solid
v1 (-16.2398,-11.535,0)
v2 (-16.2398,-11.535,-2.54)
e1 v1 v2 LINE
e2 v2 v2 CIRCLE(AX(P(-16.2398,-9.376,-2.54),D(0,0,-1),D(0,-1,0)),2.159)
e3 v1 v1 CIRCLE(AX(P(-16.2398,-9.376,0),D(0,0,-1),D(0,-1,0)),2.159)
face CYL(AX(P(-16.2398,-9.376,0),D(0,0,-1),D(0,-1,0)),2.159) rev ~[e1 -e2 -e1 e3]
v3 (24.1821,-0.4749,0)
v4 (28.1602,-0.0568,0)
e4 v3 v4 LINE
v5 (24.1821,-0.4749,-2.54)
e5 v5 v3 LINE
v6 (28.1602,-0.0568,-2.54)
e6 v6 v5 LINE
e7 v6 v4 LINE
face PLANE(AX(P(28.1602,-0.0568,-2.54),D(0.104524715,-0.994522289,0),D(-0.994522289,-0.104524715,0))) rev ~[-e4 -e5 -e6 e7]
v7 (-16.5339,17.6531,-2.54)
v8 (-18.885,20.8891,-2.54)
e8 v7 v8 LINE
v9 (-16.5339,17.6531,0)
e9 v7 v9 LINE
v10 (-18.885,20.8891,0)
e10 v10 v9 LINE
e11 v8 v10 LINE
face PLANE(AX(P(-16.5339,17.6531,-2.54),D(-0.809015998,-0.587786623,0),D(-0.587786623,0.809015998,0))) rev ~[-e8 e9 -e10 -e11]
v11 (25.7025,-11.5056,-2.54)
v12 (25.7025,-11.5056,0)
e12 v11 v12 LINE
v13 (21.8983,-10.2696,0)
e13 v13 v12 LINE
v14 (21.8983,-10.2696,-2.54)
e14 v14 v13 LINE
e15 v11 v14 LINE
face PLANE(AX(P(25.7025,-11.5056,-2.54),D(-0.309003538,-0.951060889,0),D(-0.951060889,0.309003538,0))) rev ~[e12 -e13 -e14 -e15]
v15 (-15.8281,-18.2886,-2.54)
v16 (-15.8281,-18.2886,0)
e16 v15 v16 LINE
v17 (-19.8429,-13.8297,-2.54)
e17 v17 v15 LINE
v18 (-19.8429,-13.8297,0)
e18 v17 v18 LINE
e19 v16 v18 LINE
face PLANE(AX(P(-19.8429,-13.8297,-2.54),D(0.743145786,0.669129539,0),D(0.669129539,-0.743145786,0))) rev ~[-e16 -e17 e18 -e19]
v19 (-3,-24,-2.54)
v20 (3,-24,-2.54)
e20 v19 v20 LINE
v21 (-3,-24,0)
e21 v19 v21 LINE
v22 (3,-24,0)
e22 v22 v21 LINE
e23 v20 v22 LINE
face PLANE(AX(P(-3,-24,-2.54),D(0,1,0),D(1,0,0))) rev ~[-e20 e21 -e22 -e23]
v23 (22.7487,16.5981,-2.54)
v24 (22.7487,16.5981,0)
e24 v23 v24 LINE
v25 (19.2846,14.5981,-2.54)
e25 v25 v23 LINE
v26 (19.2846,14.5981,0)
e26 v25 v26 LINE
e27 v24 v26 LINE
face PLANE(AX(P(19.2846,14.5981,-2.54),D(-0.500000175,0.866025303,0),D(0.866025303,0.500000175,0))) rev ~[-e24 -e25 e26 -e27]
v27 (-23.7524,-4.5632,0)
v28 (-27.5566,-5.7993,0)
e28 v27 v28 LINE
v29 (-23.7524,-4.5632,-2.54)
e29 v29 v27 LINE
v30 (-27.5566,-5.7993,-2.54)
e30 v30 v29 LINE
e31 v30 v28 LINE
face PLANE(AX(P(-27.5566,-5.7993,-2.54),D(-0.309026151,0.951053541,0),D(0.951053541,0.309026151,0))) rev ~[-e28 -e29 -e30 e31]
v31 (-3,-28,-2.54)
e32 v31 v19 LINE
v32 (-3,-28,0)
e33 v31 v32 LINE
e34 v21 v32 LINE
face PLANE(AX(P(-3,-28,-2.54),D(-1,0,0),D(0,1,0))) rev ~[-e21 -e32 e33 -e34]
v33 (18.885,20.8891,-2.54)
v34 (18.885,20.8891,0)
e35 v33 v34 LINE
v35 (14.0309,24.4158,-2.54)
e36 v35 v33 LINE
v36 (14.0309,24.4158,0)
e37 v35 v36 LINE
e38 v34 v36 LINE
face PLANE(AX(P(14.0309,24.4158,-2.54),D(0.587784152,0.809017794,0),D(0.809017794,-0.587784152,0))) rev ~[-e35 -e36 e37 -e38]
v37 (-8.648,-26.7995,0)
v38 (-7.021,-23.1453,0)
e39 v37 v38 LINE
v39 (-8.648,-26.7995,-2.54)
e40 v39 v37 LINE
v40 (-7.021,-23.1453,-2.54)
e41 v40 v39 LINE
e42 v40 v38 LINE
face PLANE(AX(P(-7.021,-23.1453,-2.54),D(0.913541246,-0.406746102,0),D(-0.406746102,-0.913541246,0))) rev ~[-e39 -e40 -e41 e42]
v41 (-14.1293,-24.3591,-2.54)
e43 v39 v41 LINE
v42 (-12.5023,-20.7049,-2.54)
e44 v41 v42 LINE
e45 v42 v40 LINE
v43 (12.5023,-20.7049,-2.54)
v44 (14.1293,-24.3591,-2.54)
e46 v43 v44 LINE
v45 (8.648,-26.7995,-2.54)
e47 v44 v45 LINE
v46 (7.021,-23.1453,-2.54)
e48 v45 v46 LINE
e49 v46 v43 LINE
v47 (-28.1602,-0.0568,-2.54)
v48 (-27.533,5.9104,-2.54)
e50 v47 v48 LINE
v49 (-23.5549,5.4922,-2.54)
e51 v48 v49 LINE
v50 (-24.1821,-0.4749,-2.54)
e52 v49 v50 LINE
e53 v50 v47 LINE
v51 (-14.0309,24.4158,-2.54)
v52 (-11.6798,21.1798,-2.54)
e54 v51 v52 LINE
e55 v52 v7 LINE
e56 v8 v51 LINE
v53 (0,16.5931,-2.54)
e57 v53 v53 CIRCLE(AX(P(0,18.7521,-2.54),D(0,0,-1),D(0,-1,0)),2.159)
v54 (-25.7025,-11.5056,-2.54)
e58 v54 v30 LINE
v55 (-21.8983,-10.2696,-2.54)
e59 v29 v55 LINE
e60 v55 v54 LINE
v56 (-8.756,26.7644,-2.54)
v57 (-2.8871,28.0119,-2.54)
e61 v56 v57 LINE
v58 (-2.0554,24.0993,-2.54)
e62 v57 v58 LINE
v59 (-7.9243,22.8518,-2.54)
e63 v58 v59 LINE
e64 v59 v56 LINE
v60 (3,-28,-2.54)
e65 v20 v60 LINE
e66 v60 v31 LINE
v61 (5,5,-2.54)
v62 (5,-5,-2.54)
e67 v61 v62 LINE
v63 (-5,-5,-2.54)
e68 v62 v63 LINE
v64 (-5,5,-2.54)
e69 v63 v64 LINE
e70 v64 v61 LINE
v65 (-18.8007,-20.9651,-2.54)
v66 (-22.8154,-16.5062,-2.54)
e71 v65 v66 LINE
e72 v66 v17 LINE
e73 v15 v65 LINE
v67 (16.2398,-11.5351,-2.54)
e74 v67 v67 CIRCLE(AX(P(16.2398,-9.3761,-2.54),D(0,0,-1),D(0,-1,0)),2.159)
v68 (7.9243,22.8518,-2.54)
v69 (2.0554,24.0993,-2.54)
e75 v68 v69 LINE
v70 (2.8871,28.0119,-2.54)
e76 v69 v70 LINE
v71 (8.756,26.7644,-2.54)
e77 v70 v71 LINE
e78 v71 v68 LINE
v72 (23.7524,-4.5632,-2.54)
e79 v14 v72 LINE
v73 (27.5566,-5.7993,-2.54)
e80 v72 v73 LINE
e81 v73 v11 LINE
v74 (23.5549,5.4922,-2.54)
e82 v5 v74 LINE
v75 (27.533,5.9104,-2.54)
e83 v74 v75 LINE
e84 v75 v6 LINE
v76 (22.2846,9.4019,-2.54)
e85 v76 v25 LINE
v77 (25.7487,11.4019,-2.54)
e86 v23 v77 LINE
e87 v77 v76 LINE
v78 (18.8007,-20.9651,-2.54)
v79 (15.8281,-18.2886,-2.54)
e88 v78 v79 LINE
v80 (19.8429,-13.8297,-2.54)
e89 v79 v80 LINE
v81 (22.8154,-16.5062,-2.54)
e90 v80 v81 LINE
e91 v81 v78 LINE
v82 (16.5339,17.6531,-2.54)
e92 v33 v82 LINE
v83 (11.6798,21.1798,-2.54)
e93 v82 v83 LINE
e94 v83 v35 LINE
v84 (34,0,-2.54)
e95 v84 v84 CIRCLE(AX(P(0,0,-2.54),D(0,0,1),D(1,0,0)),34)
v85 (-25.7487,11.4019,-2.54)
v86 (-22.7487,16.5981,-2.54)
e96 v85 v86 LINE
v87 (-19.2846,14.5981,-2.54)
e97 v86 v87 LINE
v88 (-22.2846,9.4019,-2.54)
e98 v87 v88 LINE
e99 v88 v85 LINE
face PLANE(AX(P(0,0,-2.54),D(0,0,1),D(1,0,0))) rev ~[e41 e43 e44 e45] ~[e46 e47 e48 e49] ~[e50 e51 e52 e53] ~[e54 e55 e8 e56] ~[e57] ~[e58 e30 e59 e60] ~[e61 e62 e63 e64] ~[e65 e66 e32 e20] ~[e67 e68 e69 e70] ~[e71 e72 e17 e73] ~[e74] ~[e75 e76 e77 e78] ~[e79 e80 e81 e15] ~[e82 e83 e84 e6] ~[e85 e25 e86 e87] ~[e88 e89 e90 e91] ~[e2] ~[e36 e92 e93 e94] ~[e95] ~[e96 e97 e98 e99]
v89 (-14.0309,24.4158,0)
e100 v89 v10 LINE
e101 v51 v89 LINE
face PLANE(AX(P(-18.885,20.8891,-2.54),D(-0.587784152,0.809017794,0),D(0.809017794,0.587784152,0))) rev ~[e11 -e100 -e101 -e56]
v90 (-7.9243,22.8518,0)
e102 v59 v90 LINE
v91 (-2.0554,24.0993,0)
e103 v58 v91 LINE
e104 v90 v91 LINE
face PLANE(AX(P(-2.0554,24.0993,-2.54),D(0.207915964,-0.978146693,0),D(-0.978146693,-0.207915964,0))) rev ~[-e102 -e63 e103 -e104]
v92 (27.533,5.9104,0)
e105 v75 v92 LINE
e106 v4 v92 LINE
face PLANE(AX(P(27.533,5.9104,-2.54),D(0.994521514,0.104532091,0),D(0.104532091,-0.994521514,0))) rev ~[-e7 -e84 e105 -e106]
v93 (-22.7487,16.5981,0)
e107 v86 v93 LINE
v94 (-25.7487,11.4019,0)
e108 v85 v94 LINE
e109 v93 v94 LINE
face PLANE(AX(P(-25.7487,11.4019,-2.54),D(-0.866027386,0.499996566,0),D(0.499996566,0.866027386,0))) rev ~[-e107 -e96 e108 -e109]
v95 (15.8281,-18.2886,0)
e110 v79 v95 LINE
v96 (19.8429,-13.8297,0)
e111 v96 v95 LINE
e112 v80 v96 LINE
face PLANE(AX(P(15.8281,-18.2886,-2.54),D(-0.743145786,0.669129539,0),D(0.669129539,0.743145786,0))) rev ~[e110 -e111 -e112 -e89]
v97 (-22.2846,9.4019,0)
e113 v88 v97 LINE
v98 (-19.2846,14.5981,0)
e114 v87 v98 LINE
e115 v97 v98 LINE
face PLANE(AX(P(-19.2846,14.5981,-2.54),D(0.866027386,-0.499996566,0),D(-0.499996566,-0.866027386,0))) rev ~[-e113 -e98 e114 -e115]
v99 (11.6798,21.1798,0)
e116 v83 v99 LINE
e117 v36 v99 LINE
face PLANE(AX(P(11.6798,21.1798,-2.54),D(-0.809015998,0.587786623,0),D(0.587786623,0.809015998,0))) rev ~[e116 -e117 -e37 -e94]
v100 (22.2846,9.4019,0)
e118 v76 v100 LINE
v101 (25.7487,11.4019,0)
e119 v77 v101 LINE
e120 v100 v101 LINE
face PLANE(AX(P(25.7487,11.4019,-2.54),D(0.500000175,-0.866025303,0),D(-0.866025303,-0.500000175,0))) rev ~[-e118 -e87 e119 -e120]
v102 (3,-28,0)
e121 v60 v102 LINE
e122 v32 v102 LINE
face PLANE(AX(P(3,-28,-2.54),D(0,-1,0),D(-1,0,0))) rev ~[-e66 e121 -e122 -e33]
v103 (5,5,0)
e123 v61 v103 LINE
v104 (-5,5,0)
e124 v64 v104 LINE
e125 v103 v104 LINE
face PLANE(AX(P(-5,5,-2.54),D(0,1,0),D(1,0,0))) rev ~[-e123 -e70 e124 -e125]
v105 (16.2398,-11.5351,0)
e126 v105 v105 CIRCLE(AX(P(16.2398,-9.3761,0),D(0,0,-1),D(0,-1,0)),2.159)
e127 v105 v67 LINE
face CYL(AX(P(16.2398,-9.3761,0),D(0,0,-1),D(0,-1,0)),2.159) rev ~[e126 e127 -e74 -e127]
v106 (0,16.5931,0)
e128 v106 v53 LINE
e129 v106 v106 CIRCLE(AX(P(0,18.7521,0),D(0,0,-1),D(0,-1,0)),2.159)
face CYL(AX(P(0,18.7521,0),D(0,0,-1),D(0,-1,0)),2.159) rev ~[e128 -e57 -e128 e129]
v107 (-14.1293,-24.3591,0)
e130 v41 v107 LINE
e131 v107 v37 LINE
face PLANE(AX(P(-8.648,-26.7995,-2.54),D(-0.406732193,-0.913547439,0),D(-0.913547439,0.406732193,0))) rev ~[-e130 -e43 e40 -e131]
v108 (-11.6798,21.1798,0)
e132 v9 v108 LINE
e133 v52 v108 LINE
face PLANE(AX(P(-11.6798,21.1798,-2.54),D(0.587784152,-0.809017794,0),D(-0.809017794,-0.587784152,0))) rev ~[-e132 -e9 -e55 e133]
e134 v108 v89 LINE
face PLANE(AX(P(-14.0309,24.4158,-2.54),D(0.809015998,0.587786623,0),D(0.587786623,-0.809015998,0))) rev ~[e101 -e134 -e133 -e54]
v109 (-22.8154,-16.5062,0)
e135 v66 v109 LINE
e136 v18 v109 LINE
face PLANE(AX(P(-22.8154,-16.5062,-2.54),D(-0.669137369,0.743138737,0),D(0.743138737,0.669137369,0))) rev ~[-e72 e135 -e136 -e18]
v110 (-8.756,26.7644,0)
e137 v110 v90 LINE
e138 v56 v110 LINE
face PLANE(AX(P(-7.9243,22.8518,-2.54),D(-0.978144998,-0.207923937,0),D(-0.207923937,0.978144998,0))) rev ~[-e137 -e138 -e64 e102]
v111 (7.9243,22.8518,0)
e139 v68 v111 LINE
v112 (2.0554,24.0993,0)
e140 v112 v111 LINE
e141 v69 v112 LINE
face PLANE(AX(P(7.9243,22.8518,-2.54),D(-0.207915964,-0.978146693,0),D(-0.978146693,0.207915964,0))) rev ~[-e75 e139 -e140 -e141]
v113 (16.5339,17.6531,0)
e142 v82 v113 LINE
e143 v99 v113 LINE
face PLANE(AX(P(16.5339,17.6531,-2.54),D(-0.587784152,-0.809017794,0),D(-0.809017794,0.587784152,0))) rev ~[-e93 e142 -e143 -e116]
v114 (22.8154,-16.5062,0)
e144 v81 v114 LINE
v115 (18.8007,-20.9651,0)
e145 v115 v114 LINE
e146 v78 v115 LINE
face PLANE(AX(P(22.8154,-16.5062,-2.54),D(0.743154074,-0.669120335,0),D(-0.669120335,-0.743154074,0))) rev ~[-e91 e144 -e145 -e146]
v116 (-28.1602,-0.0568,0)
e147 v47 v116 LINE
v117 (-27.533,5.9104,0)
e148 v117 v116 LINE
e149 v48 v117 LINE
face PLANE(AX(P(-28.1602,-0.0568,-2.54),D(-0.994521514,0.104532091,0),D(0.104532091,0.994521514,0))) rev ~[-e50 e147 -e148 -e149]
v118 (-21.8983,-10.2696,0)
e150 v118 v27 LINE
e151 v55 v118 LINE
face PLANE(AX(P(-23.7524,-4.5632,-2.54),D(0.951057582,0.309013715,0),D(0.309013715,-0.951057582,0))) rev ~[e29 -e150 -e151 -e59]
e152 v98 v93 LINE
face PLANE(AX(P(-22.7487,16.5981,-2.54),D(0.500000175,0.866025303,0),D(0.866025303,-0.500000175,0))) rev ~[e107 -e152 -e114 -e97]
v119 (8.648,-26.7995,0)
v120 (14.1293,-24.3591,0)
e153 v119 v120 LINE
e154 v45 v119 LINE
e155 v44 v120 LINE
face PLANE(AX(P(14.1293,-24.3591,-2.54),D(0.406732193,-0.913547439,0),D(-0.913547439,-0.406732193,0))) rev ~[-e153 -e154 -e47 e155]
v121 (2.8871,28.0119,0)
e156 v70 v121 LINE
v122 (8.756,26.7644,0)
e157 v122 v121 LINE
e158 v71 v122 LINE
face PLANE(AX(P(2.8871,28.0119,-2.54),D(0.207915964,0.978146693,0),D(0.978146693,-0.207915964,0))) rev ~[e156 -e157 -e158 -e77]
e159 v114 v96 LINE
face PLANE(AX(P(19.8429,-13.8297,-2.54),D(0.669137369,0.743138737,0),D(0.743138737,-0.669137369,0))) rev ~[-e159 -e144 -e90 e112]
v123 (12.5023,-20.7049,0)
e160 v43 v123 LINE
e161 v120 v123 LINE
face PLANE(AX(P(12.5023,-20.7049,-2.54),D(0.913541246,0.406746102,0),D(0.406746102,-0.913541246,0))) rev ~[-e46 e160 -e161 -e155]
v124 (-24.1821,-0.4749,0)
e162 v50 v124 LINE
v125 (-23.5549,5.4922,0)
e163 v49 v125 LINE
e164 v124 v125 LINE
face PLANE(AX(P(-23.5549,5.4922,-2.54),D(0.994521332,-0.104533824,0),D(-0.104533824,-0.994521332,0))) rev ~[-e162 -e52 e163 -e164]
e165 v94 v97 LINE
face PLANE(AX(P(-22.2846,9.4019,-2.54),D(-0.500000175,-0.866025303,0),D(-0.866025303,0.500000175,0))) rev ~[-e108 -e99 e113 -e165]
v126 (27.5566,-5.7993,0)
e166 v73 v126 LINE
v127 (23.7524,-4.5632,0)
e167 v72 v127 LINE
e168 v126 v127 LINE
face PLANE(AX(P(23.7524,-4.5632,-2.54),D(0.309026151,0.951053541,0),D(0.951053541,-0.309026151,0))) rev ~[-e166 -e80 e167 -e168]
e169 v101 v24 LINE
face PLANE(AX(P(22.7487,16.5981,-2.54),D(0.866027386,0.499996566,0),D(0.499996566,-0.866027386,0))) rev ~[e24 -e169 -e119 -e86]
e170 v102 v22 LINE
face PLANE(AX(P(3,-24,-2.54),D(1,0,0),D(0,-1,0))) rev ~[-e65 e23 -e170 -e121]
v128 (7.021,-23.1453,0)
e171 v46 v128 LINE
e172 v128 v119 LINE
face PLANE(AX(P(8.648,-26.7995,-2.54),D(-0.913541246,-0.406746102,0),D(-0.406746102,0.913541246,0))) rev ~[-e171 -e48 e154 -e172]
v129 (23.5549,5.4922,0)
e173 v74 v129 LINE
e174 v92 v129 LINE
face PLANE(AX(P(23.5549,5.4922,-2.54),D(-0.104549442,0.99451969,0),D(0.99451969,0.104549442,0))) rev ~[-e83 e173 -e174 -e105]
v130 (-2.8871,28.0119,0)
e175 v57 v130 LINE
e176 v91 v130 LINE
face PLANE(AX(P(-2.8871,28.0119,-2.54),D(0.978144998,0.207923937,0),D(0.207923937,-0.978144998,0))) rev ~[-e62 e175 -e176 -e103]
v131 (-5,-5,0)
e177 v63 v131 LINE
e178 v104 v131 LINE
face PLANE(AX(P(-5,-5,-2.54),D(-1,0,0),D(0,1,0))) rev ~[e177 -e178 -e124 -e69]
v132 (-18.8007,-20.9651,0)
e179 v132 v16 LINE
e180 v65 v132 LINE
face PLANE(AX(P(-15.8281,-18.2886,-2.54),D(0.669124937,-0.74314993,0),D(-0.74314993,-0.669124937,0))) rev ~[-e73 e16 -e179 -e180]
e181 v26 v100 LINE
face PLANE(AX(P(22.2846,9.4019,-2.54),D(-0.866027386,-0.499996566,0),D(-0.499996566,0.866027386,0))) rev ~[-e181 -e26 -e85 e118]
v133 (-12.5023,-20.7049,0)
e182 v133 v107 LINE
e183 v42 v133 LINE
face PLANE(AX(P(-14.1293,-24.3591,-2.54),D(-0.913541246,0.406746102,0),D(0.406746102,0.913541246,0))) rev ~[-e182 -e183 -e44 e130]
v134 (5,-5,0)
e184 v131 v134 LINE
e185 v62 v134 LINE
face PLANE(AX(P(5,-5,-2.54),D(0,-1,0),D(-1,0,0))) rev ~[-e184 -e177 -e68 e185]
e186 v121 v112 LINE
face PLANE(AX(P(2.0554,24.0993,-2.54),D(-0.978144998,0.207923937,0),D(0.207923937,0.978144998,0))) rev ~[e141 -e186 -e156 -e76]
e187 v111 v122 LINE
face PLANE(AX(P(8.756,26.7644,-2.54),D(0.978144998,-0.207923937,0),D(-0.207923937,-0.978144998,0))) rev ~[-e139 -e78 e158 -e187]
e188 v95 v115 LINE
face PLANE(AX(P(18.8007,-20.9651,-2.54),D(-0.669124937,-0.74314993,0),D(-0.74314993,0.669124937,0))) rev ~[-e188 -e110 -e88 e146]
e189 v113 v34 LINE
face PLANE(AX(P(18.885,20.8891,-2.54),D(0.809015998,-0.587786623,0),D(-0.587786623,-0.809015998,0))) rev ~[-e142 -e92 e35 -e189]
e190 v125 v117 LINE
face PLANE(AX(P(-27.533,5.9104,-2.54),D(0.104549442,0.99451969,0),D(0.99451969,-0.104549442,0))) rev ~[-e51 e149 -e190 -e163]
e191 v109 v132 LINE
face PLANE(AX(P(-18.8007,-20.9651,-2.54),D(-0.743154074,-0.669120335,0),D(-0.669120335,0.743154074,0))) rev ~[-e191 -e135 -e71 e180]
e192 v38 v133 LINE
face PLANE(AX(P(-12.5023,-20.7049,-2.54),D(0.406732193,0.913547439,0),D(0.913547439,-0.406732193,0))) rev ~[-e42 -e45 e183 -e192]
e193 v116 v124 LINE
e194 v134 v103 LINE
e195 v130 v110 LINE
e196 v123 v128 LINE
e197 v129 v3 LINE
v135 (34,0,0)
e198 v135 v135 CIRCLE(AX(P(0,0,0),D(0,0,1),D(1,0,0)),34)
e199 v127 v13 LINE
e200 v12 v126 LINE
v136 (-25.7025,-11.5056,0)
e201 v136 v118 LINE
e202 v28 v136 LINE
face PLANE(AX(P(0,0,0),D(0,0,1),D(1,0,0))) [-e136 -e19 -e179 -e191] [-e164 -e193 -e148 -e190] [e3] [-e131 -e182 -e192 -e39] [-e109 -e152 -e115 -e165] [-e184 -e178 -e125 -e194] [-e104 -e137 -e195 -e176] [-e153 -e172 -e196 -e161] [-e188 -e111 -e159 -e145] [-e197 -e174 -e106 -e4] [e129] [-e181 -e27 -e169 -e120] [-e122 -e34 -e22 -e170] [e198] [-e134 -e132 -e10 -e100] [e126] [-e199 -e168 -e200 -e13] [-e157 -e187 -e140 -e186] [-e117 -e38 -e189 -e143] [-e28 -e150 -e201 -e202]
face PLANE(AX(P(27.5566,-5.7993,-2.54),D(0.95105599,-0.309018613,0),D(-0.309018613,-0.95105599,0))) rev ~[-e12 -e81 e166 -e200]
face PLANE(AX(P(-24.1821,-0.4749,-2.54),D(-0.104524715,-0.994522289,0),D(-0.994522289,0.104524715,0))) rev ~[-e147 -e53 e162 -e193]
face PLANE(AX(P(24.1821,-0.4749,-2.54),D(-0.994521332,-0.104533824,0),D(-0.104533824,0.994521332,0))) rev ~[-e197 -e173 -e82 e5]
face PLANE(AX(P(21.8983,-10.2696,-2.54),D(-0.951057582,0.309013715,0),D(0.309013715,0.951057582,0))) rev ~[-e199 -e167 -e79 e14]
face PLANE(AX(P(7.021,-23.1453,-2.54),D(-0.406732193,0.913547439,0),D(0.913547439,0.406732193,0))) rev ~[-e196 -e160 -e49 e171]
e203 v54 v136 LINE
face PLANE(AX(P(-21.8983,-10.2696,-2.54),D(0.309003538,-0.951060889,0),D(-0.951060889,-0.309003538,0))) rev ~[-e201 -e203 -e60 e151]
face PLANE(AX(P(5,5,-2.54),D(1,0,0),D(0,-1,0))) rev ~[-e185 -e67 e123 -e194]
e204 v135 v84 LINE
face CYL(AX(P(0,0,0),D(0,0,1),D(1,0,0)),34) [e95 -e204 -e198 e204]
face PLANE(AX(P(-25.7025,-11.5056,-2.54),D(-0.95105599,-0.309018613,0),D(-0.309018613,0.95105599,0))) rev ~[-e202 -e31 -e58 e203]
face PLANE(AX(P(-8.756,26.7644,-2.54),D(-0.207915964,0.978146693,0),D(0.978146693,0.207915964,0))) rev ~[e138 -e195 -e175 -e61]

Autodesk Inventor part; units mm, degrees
ref_plane "YZ Plane" through (0, 0, 0) normal (1, 0, 0) x (0, 1, 0)
ref_plane "XZ Plane" through (0, 0, 0) normal (0, 1, 0) x (-1, 0, 0)
ref_plane "XY Plane" through (0, 0, 0) normal (0, 0, 1) x (1, 0, 0)
sketch "Sketch1" plane through (0, 0, 0) normal (0, 0, 1) x (1, 0, 0)
  circle A0 centre (0, 0) radius 34
  dimension "d0" = 68
extrude "Extrusion1" add sketch "Sketch1" against normal blind 2.54
sketch "Sketch2" plane through (0, 0, -2.54) normal (0, 0, -1) x (-1, 0, 0)
  line L0 (5, 5) -> (-5, 5)
  line L1 (-5, 5) -> (-5, -5)
  line L2 (-5, -5) -> (5, -5)
  line L3 (5, -5) -> (5, 5)
  line L4 (5, 5) -> (-5, -5) construction
  line L5 (-5, 5) -> (5, -5) construction
  point P0 (0, 0)
  dimension "d3" = 10
extrude "Extrusion2" cut sketch "Sketch2" against normal through all
sketch "Sketch3" plane through (0, 0, -2.54) normal (0, 0, -1) x (-1, 0, 0)
  circle A0 centre (0, 0) radius 26 construction
  line L0 (3, -24) -> (-3, -24)
  line L1 (-3, -24) -> (-3, -28)
  line L2 (-3, -28) -> (3, -28)
  line L3 (3, -28) -> (3, -24)
  line L4 (3, -24) -> (-3, -28) construction
  line L5 (-3, -24) -> (3, -28) construction
  line L6 (8.648, -26.7995) -> (14.1293, -24.3591)
  line L7 (14.1293, -24.3591) -> (12.5023, -20.7049)
  line L8 (7.021, -23.1453) -> (8.648, -26.7995)
  line L9 (12.5023, -20.7049) -> (7.021, -23.1453)
  line L10 (18.8007, -20.9651) -> (22.8154, -16.5062)
  line L11 (22.8154, -16.5062) -> (19.8429, -13.8297)
  line L12 (15.8281, -18.2886) -> (18.8007, -20.9651)
  line L13 (19.8429, -13.8297) -> (15.8281, -18.2886)
  line L14 (25.7025, -11.5056) -> (27.5566, -5.7993)
  line L15 (27.5566, -5.7993) -> (23.7524, -4.5632)
  line L16 (21.8983, -10.2696) -> (25.7025, -11.5056)
  line L17 (23.7524, -4.5632) -> (21.8983, -10.2696)
  line L18 (28.1602, -0.0568) -> (27.533, 5.9104)
  line L19 (27.533, 5.9104) -> (23.5549, 5.4922)
  line L20 (24.1821, -0.4749) -> (28.1602, -0.0568)
  line L21 (23.5549, 5.4922) -> (24.1821, -0.4749)
  line L22 (25.7487, 11.4019) -> (22.7487, 16.5981)
  line L23 (22.7487, 16.5981) -> (19.2846, 14.5981)
  line L24 (22.2846, 9.4019) -> (25.7487, 11.4019)
  line L25 (19.2846, 14.5981) -> (22.2846, 9.4019)
  line L26 (18.885, 20.8891) -> (14.0309, 24.4158)
  line L27 (14.0309, 24.4158) -> (11.6798, 21.1798)
  line L28 (16.5339, 17.6531) -> (18.885, 20.8891)
  line L29 (11.6798, 21.1798) -> (16.5339, 17.6531)
  line L30 (8.756, 26.7644) -> (2.8871, 28.0119)
  line L31 (2.8871, 28.0119) -> (2.0554, 24.0993)
  line L32 (7.9243, 22.8518) -> (8.756, 26.7644)
  line L33 (2.0554, 24.0993) -> (7.9243, 22.8518)
  line L34 (-2.8871, 28.0119) -> (-8.756, 26.7644)
  line L35 (-8.756, 26.7644) -> (-7.9243, 22.8518)
  line L36 (-2.0554, 24.0993) -> (-2.8871, 28.0119)
  line L37 (-7.9243, 22.8518) -> (-2.0554, 24.0993)
  line L38 (-14.0309, 24.4158) -> (-18.885, 20.8891)
  line L39 (-18.885, 20.8891) -> (-16.5339, 17.6531)
  line L40 (-11.6798, 21.1798) -> (-14.0309, 24.4158)
  line L41 (-16.5339, 17.6531) -> (-11.6798, 21.1798)
  line L42 (-22.7487, 16.5981) -> (-25.7487, 11.4019)
  line L43 (-25.7487, 11.4019) -> (-22.2846, 9.4019)
  line L44 (-19.2846, 14.5981) -> (-22.7487, 16.5981)
  line L45 (-22.2846, 9.4019) -> (-19.2846, 14.5981)
  line L46 (-27.533, 5.9104) -> (-28.1602, -0.0568)
  line L47 (-28.1602, -0.0568) -> (-24.1821, -0.4749)
  line L48 (-23.5549, 5.4922) -> (-27.533, 5.9104)
  line L49 (-24.1821, -0.4749) -> (-23.5549, 5.4922)
  line L50 (-27.5566, -5.7993) -> (-25.7025, -11.5056)
  line L51 (-25.7025, -11.5056) -> (-21.8983, -10.2696)
  line L52 (-23.7524, -4.5632) -> (-27.5566, -5.7993)
  line L53 (-21.8983, -10.2696) -> (-23.7524, -4.5632)
  line L54 (-22.8154, -16.5062) -> (-18.8007, -20.9651)
  line L55 (-18.8007, -20.9651) -> (-15.8281, -18.2886)
  line L56 (-19.8429, -13.8297) -> (-22.8154, -16.5062)
  line L57 (-15.8281, -18.2886) -> (-19.8429, -13.8297)
  line L58 (-14.1293, -24.3591) -> (-8.648, -26.7995)
  line L59 (-8.648, -26.7995) -> (-7.021, -23.1453)
  line L60 (-12.5023, -20.7049) -> (-14.1293, -24.3591)
  line L61 (-7.021, -23.1453) -> (-12.5023, -20.7049)
  point P0 (0, -26)
  dimension "d6" = 52
  dimension "d7" = 4
  dimension "d8" = 6
  dimension "d11" = 360
extrude "Extrusion3" cut sketch "Sketch3" against normal through all
sketch "Sketch4" plane through (0, 0, 0) normal (0, 0, 1) x (1, 0, 0)
  line L0 (-18.7521, 0) -> (0, 0) construction
  line L1 (0, 0) -> (0, 18.7521) construction
  circle A0 centre (0, 0) radius 18.7521 construction
  point P0 (-16.2398, -9.376)
  point P1 (16.2398, -9.3761)
  dimension "d15" = 37.5042
  dimension "d16" = 18.7521
  dimension "d17" = 90
  dimension "d20" = 360
hole "Hole1" at (0, 18.7521, 0) at (-16.2398, -9.376, 0) at (16.2398, -9.3761, 0) direction (0, 0, -1) diameter 4.318 end through all clearance for "Flat Head Machine Screw (82)" size "#6" standard "Ansi Unified Screw Threads"
equation "\"d1\" = CoverDepth"
equation "\"d6\" = 2 * LightRingCenterRadius"
equation "\"d15\" = SupportScrewsDiameter"
equation "\"d16\" = 0.5 * SupportScrewsDiameter"
equation "\"CoverDepth\" = 2.54"
equation "\"LightRingCenterRadius\" = 26"
equation "\"SupportScrewsDiameter\" = 37.5042"
properties part number "MountCover" material "Polycarbonate, Clear"
